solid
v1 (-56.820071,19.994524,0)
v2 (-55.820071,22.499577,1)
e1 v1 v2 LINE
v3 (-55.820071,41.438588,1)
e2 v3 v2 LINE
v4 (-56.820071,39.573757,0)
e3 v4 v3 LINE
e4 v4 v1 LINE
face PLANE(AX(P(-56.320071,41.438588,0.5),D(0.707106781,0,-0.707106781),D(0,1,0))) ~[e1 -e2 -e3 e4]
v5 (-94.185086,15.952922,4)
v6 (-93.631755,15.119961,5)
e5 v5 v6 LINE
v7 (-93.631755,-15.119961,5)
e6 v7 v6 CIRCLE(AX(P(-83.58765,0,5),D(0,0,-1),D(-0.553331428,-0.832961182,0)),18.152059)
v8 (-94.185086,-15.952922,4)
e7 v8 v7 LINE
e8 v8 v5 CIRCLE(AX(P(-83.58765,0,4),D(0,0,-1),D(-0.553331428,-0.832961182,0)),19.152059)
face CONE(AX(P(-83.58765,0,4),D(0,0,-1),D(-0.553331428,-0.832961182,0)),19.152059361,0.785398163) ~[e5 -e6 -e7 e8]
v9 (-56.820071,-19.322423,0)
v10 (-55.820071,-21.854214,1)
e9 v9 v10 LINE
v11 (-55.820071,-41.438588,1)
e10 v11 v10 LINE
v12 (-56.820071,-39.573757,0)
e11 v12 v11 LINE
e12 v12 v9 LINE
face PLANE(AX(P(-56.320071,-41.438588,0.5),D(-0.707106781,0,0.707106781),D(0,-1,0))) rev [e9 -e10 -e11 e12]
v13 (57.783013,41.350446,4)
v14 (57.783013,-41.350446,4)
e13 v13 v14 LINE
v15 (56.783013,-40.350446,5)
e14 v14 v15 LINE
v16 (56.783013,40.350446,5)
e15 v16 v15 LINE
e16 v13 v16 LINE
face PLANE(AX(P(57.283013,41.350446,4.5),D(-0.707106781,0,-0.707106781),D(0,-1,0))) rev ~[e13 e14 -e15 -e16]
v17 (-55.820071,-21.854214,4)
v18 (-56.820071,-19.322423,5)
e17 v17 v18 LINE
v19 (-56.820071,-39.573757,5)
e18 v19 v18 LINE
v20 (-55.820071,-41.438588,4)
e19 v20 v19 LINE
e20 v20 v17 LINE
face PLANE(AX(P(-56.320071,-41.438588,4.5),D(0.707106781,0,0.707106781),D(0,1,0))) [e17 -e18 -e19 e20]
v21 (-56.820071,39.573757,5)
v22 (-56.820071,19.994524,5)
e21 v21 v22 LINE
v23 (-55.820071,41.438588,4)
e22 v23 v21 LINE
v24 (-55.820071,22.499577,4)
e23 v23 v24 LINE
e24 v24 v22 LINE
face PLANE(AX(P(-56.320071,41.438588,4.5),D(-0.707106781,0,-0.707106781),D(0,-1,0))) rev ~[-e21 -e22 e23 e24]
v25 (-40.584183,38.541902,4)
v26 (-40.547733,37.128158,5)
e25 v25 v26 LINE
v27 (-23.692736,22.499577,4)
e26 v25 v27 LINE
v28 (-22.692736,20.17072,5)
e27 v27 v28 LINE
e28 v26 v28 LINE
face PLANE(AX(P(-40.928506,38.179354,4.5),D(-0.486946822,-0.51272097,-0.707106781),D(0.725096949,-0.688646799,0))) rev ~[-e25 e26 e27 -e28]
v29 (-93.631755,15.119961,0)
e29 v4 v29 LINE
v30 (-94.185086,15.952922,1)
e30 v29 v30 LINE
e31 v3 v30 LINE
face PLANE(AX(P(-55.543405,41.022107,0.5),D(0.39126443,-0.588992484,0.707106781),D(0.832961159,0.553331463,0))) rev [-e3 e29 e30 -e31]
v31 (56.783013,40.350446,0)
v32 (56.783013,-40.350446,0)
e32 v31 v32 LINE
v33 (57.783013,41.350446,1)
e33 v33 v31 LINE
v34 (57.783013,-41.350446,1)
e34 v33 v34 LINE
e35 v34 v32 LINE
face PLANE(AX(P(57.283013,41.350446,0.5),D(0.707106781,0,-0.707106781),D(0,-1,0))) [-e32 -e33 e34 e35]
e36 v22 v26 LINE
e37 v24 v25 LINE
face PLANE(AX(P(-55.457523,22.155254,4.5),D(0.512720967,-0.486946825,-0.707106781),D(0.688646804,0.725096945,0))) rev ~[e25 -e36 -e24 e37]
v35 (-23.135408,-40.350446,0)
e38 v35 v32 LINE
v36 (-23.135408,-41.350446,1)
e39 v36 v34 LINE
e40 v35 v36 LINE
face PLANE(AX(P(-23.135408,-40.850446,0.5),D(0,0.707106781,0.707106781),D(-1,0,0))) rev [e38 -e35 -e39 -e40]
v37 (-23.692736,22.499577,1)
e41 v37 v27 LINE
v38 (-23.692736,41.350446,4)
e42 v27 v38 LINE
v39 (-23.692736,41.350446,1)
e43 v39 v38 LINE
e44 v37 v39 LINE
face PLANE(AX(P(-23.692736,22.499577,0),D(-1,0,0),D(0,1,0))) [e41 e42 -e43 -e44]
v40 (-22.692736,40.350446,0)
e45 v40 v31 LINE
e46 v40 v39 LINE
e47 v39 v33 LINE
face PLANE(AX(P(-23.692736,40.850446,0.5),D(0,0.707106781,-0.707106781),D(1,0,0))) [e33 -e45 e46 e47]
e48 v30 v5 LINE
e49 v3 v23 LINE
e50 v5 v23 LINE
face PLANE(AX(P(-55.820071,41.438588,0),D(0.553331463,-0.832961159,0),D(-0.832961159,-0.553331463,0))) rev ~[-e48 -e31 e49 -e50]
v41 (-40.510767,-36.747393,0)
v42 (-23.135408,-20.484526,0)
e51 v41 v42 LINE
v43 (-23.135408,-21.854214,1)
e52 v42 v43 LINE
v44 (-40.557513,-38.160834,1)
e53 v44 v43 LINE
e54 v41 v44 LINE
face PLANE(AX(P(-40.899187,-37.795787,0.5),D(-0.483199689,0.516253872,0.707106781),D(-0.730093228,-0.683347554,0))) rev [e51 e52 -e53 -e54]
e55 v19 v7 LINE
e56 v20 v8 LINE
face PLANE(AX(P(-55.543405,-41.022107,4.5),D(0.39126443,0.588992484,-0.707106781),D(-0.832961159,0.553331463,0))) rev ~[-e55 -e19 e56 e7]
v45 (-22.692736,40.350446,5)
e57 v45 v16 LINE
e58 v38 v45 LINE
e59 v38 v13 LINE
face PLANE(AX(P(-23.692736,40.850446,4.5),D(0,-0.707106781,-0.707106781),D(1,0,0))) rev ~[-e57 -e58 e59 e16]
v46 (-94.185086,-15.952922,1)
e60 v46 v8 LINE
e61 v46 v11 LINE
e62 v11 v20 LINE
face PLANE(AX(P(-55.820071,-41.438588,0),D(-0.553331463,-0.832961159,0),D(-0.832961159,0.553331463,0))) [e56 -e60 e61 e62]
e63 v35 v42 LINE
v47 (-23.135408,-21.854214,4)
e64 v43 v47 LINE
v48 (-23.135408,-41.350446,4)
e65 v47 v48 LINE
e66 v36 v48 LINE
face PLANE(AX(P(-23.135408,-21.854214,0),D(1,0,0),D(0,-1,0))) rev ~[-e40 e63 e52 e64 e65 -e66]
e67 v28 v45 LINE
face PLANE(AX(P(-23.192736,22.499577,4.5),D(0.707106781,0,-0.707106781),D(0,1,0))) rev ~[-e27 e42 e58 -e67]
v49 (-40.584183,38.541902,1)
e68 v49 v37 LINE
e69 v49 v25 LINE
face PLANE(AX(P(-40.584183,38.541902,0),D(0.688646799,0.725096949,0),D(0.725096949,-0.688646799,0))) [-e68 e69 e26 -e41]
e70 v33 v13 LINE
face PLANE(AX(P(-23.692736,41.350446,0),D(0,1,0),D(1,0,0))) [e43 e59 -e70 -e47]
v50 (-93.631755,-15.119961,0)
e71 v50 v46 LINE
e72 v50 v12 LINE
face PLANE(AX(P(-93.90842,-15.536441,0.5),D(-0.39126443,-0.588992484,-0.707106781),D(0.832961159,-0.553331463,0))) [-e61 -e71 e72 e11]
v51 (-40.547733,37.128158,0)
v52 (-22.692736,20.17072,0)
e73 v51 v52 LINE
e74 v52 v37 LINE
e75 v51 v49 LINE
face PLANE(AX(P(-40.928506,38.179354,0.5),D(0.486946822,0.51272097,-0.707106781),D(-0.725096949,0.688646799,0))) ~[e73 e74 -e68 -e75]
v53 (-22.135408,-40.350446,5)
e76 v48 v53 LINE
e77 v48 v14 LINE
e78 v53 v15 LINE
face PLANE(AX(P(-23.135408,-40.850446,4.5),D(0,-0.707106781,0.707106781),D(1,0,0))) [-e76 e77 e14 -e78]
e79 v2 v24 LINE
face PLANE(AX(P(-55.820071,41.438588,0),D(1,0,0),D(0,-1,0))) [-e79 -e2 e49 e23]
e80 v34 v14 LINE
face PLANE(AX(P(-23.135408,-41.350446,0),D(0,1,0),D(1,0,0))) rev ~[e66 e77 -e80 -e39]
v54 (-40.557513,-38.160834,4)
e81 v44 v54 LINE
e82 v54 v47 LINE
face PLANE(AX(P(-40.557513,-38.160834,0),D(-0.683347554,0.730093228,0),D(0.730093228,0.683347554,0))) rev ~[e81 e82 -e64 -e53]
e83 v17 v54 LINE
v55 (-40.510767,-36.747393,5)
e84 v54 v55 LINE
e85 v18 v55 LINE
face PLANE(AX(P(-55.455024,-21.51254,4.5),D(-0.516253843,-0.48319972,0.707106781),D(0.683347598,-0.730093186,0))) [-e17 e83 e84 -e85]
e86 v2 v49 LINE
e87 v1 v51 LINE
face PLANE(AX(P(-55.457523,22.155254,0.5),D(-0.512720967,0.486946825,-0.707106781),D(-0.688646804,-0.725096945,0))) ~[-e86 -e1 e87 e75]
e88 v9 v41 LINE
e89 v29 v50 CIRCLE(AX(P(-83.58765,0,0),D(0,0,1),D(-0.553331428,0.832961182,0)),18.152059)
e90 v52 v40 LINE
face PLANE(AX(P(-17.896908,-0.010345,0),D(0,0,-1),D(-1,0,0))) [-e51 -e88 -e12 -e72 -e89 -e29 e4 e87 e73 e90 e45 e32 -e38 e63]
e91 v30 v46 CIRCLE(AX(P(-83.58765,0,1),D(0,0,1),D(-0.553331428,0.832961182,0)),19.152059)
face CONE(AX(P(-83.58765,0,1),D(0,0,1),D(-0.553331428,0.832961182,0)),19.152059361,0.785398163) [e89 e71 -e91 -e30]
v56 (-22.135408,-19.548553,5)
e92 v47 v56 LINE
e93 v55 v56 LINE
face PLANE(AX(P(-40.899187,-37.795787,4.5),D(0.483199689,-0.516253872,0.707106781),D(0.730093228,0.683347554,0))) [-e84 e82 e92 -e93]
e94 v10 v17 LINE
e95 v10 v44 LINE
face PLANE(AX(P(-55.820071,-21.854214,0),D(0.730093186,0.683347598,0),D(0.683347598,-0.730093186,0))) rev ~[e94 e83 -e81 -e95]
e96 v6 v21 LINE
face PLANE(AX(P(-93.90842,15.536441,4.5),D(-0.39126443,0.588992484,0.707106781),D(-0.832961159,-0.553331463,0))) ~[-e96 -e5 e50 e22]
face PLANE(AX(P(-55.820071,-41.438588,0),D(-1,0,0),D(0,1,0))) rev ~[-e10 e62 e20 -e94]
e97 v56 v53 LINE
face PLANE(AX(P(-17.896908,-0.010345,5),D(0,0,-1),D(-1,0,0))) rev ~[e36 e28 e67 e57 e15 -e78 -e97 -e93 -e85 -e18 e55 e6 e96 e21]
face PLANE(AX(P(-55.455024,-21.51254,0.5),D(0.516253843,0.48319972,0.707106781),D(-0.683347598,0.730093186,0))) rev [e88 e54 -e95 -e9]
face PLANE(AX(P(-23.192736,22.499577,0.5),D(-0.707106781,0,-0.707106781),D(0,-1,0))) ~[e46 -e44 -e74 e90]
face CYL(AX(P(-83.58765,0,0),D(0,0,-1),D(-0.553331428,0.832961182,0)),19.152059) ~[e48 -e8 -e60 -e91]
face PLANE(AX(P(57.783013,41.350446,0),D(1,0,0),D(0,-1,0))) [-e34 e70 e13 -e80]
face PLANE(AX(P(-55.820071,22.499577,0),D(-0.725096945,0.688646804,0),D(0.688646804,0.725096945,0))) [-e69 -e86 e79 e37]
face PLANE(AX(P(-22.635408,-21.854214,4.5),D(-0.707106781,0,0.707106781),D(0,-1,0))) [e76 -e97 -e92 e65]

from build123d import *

# Parameters (mm, degrees)
PAD_DEPTH       = 5
CHAMFER_SIZE    = 1
CHAMFER001_SIZE = 1


with BuildPart() as part:
    # Sketch → Pad (new body)
    with BuildSketch(Plane.XY):
        with BuildLine():
            Line((57.783013, 41.350446), (57.783013, -41.350446))
            Line((-23.135408, -41.350446), (57.783013, -41.350446))
            Line((-23.135408, -21.854214), (-23.135408, -41.350446))
            Line((-40.557513, -38.160834), (-23.135408, -21.854214))
            Line((-55.820071, -21.854214), (-40.557513, -38.160834))
            Line((-55.820071, -41.438588), (-55.820071, -21.854214))
            Line((-55.820071, -41.438588), (-94.185086, -15.952922))
            ThreePointArc((-94.185086, 15.952922), (-102.739709, 0), (-94.185086, -15.952922))
            Line((-55.820071, 41.438588), (-94.185086, 15.952922))
            Line((-55.820071, 41.438588), (-55.820071, 22.499577))
            Line((-55.820071, 22.499577), (-40.584183, 38.541902))
            Line((-40.584183, 38.541902), (-23.692736, 22.499577))
            Line((-23.692736, 22.499577), (-23.692736, 41.350446))
            Line((-23.692736, 41.350446), (57.783013, 41.350446))
        make_face()
    extrude(amount=PAD_DEPTH)

    # Chamfer
    chamfer_edges = [part.edges().sort_by_distance(p)[0] for p in [
        (-55.820071, 31.969082, 5),
        (-48.202127, 30.52074, 5),
        (-32.138459, 30.52074, 5),
        (-23.692736, 31.925012, 5),
        (17.045139, 41.350446, 5),
        (57.783013, 0, 5),
        (17.323802, -41.350446, 5),
        (-23.135408, -31.60233, 5),
        (-31.846461, -30.007524, 5),
        (-48.188792, -30.007524, 5),
        (-55.820071, -31.646401, 5),
        (-75.002579, -28.695755, 5),
        (-102.739709, 0, 5),
        (-75.002579, 28.695755, 5),
    ]]
    chamfer(chamfer_edges, length=CHAMFER_SIZE)

    # Chamfer001
    chamfer001_edges = [part.edges().sort_by_distance(p)[0] for p in [
        (-55.820071, 31.969082, 0),
        (-75.002579, 28.695755, 0),
        (-48.202127, 30.52074, 0),
        (-32.138459, 30.52074, 0),
        (-23.692736, 31.925012, 0),
        (17.045139, 41.350446, 0),
        (57.783013, 0, 0),
        (17.323802, -41.350446, 0),
        (-31.846461, -30.007524, 0),
        (-48.188792, -30.007524, 0),
        (-55.820071, -31.646401, 0),
        (-75.002579, -28.695755, 0),
        (-102.739709, 0, 0),
    ]]
    chamfer(chamfer001_edges, length=CHAMFER001_SIZE)


solid = part.part
